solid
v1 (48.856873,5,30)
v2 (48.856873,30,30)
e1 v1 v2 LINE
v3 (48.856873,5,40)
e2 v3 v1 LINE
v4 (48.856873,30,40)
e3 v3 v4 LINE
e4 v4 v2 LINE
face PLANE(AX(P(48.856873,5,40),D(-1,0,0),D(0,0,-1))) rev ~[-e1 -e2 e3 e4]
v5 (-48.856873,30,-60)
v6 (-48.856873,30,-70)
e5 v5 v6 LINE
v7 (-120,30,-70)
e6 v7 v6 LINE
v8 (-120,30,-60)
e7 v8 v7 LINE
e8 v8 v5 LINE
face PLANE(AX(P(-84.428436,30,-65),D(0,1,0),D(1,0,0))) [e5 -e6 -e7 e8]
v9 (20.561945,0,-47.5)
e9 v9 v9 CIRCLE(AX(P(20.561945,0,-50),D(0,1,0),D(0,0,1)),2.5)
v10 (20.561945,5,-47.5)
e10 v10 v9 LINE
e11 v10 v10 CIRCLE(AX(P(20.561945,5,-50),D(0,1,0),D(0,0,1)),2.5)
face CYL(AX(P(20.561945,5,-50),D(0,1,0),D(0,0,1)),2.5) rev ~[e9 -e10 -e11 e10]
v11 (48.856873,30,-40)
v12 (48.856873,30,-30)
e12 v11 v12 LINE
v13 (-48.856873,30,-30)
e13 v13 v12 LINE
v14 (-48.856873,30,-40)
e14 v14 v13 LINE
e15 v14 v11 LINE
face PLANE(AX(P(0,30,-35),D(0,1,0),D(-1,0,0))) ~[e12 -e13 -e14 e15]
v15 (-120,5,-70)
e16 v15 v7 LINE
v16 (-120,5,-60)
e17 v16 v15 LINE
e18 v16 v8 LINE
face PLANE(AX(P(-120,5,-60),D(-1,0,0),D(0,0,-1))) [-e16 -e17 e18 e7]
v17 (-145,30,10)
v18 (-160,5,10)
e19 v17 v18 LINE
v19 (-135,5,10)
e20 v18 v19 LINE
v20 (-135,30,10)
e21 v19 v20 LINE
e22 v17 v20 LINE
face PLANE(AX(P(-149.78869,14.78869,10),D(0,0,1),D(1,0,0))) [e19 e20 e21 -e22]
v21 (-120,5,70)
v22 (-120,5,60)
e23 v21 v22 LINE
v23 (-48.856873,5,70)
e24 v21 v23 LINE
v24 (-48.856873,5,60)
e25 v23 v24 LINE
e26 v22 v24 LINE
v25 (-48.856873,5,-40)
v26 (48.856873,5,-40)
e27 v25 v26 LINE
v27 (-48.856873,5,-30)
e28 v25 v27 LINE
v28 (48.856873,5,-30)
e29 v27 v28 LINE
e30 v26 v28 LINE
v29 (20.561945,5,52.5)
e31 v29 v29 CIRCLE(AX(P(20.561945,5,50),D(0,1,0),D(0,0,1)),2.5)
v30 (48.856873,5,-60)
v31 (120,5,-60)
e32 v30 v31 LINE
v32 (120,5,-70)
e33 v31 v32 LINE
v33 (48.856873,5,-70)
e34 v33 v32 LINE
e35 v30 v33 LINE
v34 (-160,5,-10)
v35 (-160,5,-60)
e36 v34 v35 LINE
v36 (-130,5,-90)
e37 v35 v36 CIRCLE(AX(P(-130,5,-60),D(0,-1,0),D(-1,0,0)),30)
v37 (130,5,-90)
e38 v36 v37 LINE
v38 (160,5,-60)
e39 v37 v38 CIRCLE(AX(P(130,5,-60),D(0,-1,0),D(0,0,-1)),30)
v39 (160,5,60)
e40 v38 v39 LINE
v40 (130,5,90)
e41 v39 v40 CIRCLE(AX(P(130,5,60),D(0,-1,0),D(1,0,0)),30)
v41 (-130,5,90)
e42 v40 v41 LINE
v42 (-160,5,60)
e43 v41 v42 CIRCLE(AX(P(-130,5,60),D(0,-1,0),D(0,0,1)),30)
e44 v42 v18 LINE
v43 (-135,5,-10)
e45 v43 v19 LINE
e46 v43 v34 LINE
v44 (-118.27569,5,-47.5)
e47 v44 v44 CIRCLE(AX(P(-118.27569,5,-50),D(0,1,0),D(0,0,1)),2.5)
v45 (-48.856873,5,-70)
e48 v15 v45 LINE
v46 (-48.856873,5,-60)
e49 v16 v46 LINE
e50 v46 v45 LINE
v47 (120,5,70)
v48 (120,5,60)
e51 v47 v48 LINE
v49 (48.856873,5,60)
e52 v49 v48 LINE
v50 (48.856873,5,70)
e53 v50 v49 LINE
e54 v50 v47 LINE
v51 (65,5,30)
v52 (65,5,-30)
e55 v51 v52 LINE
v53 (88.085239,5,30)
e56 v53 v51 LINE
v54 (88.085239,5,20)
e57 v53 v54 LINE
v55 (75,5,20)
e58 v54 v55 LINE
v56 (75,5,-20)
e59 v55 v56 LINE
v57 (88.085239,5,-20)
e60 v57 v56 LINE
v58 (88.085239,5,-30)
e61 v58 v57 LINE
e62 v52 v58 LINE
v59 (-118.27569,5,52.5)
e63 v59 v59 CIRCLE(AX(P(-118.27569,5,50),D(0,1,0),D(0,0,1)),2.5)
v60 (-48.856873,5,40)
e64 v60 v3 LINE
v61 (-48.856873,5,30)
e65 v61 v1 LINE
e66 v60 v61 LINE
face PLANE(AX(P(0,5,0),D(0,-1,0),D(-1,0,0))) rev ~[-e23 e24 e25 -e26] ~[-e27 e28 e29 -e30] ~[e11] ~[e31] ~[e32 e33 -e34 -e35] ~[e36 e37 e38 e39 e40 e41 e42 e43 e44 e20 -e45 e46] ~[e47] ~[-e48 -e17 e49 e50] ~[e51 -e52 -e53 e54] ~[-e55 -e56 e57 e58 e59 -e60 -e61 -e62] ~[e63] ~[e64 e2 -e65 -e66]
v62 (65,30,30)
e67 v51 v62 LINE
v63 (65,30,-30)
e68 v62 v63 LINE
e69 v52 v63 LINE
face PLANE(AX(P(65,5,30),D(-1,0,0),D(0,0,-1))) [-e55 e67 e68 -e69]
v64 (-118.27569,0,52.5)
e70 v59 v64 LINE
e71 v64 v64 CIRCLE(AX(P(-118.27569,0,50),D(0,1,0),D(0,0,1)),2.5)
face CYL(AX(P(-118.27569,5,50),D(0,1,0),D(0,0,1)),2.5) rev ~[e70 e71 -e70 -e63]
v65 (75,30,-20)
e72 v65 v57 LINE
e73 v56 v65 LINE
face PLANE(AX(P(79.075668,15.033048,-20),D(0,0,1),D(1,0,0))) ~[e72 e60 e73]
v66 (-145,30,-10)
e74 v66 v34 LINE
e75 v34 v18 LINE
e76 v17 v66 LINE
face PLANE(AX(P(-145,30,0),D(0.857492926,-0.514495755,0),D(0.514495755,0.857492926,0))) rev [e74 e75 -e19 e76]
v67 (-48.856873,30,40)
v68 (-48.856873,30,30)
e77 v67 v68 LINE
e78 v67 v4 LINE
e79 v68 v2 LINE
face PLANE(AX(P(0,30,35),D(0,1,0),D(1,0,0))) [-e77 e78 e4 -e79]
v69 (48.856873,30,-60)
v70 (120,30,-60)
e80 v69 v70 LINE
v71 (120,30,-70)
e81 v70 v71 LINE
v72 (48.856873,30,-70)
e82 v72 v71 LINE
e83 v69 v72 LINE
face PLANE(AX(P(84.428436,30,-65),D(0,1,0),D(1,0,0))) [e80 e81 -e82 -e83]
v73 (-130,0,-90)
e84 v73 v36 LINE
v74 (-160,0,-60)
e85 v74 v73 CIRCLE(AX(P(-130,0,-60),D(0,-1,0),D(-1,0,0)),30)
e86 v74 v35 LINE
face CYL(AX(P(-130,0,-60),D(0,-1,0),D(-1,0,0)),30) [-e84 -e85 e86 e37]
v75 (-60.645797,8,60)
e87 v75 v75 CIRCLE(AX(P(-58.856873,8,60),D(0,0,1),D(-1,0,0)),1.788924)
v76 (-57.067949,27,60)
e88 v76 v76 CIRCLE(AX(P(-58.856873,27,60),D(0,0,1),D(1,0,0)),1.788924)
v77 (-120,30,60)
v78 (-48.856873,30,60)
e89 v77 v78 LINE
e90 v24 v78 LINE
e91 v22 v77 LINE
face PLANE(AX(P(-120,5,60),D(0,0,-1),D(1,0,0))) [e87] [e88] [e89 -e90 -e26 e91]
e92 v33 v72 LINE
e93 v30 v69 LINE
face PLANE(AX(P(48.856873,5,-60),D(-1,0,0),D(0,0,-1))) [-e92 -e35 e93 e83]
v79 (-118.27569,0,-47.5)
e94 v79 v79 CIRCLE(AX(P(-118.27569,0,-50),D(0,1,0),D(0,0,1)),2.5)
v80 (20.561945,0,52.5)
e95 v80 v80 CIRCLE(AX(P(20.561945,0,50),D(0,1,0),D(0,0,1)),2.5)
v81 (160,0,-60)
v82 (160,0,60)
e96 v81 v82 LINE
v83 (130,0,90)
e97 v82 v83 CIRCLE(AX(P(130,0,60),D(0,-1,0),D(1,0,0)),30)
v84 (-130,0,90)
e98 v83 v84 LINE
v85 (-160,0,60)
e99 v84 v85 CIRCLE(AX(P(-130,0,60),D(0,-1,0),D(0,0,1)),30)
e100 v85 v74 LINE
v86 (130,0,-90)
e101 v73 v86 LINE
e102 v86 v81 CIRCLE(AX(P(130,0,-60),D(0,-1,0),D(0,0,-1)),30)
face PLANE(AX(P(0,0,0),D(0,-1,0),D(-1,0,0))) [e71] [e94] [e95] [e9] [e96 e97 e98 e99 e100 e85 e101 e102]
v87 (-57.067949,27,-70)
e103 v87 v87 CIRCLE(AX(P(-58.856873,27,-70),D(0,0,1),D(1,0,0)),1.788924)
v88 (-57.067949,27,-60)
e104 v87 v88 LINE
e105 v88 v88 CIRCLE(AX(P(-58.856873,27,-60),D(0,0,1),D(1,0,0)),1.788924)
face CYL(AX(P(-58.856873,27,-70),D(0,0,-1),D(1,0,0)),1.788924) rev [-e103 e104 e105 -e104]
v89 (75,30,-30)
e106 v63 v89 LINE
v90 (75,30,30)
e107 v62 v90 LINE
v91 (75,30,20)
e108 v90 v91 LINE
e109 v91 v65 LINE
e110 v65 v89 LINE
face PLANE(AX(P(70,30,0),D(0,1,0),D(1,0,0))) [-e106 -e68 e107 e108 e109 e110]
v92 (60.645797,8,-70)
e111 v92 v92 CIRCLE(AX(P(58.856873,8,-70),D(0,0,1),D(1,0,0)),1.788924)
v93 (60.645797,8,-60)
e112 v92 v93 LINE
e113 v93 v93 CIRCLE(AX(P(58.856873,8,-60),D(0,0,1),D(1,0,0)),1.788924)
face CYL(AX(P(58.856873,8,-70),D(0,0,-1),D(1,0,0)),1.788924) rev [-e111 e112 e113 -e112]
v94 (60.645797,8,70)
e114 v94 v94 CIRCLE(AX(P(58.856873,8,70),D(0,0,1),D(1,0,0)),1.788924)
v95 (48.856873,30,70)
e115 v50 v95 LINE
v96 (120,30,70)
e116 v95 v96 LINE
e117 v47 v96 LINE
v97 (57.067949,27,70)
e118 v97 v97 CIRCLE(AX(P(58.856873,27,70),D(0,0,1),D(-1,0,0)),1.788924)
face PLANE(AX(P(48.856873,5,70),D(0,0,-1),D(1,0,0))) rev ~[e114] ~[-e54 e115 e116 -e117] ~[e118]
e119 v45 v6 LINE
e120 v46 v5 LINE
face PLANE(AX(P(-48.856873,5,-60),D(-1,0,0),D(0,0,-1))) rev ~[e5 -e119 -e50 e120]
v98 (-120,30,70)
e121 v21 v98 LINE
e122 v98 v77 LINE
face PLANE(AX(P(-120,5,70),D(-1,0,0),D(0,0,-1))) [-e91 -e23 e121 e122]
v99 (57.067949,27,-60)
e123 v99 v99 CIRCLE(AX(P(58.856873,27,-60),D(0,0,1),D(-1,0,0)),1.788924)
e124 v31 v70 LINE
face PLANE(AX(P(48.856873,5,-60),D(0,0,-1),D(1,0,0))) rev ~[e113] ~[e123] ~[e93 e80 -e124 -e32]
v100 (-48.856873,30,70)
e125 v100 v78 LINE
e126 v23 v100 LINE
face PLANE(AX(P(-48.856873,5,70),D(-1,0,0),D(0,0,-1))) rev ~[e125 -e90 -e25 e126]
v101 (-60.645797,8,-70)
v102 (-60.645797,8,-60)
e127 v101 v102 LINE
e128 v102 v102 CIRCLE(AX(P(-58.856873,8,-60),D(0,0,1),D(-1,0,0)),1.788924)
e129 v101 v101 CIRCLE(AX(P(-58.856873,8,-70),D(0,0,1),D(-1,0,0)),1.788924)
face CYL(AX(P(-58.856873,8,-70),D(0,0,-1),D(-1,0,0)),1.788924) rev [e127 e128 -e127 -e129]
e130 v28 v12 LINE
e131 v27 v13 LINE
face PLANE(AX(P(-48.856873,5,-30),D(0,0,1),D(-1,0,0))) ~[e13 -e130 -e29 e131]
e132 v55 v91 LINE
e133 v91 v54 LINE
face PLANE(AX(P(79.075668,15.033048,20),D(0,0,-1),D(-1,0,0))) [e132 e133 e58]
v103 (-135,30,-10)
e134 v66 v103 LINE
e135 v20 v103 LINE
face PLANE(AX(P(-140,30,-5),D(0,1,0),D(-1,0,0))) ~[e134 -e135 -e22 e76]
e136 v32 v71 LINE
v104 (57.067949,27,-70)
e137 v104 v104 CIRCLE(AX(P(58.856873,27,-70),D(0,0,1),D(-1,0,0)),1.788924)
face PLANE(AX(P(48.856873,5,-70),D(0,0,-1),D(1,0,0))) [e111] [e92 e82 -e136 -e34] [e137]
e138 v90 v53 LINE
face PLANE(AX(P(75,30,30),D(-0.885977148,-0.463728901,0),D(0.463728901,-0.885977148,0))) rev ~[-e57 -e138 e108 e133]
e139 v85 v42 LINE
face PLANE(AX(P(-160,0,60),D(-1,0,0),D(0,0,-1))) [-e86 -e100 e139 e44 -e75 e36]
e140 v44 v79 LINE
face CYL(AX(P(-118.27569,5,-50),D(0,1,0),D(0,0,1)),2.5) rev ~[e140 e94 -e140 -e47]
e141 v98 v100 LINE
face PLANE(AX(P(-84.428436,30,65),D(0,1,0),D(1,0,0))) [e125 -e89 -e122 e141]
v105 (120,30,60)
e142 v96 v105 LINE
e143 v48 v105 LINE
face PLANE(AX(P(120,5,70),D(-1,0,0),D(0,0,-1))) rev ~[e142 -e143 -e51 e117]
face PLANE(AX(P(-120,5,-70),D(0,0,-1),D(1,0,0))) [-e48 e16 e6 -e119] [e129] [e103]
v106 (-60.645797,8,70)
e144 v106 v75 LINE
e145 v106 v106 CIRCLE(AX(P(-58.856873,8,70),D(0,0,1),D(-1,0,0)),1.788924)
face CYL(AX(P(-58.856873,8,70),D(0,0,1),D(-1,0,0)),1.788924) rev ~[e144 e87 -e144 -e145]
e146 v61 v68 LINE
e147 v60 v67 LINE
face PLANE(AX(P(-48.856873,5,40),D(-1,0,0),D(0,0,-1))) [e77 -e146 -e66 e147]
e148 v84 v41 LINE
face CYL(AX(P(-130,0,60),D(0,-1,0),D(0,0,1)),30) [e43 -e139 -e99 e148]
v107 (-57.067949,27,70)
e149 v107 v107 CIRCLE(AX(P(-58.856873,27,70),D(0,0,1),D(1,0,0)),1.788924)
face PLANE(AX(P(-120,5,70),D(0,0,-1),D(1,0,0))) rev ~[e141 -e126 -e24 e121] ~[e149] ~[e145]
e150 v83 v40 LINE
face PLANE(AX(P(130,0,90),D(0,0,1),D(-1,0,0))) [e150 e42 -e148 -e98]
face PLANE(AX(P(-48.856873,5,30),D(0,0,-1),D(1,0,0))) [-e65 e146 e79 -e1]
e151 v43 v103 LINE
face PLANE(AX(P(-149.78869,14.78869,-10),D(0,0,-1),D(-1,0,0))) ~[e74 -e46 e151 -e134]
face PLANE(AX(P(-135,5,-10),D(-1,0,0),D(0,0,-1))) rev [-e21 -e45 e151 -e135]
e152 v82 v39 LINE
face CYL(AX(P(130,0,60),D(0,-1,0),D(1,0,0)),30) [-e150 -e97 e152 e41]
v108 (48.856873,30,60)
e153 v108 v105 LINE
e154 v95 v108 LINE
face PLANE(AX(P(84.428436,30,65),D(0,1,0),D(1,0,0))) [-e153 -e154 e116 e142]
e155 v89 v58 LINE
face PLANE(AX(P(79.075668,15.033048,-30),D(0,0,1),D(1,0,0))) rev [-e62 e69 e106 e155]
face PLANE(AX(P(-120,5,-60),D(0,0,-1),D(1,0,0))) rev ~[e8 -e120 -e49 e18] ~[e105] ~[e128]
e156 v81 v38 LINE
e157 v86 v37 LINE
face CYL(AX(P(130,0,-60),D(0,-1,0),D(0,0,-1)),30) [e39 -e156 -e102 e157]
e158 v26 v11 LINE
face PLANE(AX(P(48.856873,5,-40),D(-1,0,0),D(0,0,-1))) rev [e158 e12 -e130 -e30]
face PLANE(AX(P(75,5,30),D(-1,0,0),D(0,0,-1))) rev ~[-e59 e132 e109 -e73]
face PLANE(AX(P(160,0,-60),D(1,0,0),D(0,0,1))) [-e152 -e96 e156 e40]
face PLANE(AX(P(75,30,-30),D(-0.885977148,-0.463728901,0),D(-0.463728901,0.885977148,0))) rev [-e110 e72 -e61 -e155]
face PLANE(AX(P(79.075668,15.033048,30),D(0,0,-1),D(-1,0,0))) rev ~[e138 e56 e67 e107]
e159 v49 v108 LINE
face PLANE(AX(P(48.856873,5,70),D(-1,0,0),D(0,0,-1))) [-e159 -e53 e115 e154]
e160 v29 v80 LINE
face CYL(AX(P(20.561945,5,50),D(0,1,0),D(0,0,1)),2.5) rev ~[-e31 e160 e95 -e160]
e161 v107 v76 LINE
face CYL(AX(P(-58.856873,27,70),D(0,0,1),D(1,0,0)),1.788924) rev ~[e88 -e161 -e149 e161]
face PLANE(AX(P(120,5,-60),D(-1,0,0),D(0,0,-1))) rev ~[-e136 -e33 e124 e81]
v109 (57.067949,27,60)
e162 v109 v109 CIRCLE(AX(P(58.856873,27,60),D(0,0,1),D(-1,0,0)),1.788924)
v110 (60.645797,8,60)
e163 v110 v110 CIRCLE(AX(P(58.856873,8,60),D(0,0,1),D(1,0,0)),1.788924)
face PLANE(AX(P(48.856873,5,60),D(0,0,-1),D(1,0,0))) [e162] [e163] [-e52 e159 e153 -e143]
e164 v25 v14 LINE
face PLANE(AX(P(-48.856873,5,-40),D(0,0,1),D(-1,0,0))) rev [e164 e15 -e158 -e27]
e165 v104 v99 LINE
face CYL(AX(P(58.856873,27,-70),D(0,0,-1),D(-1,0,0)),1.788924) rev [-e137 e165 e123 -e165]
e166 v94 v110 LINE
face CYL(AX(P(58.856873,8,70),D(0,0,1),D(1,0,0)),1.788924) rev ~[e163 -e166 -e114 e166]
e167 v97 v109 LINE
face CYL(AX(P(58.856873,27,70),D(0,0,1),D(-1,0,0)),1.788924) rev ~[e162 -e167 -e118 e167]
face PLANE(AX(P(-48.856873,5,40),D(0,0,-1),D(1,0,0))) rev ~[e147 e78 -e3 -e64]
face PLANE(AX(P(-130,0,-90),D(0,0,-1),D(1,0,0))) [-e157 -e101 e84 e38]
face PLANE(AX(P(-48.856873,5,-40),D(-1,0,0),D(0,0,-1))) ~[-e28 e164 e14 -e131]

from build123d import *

# Parameters (mm, degrees)
BOSS_EXTRUDE1_DEPTH = 5
SKETCH2_W           = 71.143127042
SKETCH2_H           = 10
BOSS_EXTRUDE3_DEPTH = 25
SKETCH3_W           = 10
SKETCH3_H           = 10
BOSS_EXTRUDE4_DEPTH = 25
BOSS_EXTRUDE5_DEPTH = 10
SKETCH6_W           = 10
SKETCH6_H           = 60
BOSS_EXTRUDE6_DEPTH = 25
BOSS_EXTRUDE7_DEPTH = 10
SKETCH9_W           = 97.713745916
SKETCH9_H           = 10
BOSS_EXTRUDE8_DEPTH = 25
SKETCH11_R          = 2.5
CUT_EXTRUDE1_DEPTH  = 5
SKETCH12_R          = 1.788924299
CUT_EXTRUDE2_DEPTH  = 10


with BuildPart() as part:
    # Sketch1 → Boss-Extrude1 (new body)
    with BuildSketch(Plane(origin=(0, 0, 0), x_dir=(1, 0, 0), z_dir=(0, 1, 0))):
        with BuildLine():
            Line((-130, 90), (130, 90))
            ThreePointArc((130, 90), (151.213203436, 81.213203436), (160, 60))
            Line((160, 60), (160, -60))
            ThreePointArc((160, -60), (151.213203436, -81.213203436), (130, -90))
            Line((130, -90), (-130, -90))
            ThreePointArc((-130, -90), (-151.213203436, -81.213203436), (-160, -60))
            Line((-160, -60), (-160, 60))
            ThreePointArc((-160, 60), (-151.213203436, 81.213203436), (-130, 90))
        make_face()
    extrude(amount=BOSS_EXTRUDE1_DEPTH)

    # Sketch2 → Boss-Extrude3 (add)
    with BuildSketch(Plane(origin=(0, 5, 0), x_dir=(1, 0, 0), z_dir=(0, 1, 0))):
        with Locations((-84.428436479, 65)):
            Rectangle(SKETCH2_W, SKETCH2_H)
        with Locations((84.428436479, 65)):
            Rectangle(SKETCH2_W, SKETCH2_H)
        with Locations((84.428436479, -65)):
            Rectangle(SKETCH2_W, SKETCH2_H)
        with Locations((-84.428436479, -65)):
            Rectangle(SKETCH2_W, SKETCH2_H)
    extrude(amount=BOSS_EXTRUDE3_DEPTH)

    # Sketch3 → Boss-Extrude4 (add)
    with BuildSketch(Plane(origin=(0, 5, 0), x_dir=(1, 0, 0), z_dir=(0, 1, 0))):
        with Locations((-140, -5)):
            Rectangle(SKETCH3_W, SKETCH3_H)
    boss_extrude4 = extrude(amount=BOSS_EXTRUDE4_DEPTH)

    # Sketch5 → Boss-Extrude5 (add)
    with BuildSketch(Plane(origin=(0, 0, 0), x_dir=(-1, 0, 0), z_dir=(0, 0, -1))):
        Polygon((145, 5), (145, 30), (160, 5), align=None)
    boss_extrude5 = extrude(amount=-BOSS_EXTRUDE5_DEPTH)

    # Sketch6 → Boss-Extrude6 (add)
    with BuildSketch(Plane(origin=(0, 5, 0), x_dir=(1, 0, 0), z_dir=(0, 1, 0))):
        with Locations((70, 0)):
            Rectangle(SKETCH6_W, SKETCH6_H)
    extrude(amount=BOSS_EXTRUDE6_DEPTH)

    # Sketch8 → Boss-Extrude7 (add)
    with BuildSketch(Plane.XY.offset(30)):
        Polygon((75, 30), (88.085238775, 5), (75, 5), align=None)
    boss_extrude7 = extrude(amount=-BOSS_EXTRUDE7_DEPTH)

    # Mirror1: Boss-Extrude7 across plane
    add(boss_extrude7.mirror(Plane(origin=(0, 0, 0), x_dir=(1, 0, 0), z_dir=(0, 0, -1))))

    # Mirror2: Boss-Extrude4, Boss-Extrude5 across plane
    add(boss_extrude4.mirror(Plane(origin=(-145, 30, 0), x_dir=(1, 0, 0), z_dir=(0, 0, 1))))
    add(boss_extrude5.mirror(Plane(origin=(-145, 30, 0), x_dir=(1, 0, 0), z_dir=(0, 0, 1))))

    # Sketch9 → Boss-Extrude8 (add)
    with BuildSketch(Plane(origin=(0, 5, 0), x_dir=(1, 0, 0), z_dir=(0, 1, 0))):
        with Locations((0, -35)):
            Rectangle(SKETCH9_W, SKETCH9_H)
    boss_extrude8 = extrude(amount=BOSS_EXTRUDE8_DEPTH)

    # Mirror3: Boss-Extrude8 across plane
    add(boss_extrude8.mirror(Plane(origin=(0, 0, 0), x_dir=(1, 0, 0), z_dir=(0, 0, -1))))

    # Sketch11 → Cut-Extrude1 (cut)
    with BuildSketch(Plane(origin=(0, 5, 0), x_dir=(1, 0, 0), z_dir=(0, 1, 0))):
        with Locations(Location((-118.275690488, 50, 0), (0, 0, 270))):
            Circle(SKETCH11_R)
        with Locations(Location((-118.275690488, -50, 0), (0, 0, 270))):
            Circle(SKETCH11_R)
        with Locations(Location((20.561944572, -50, 0), (0, 0, 270))):
            Circle(SKETCH11_R)
        with Locations(Location((20.561944572, 50, 0), (0, 0, 270))):
            Circle(SKETCH11_R)
    extrude(amount=-CUT_EXTRUDE1_DEPTH, mode=Mode.SUBTRACT)

    # Sketch12 → Cut-Extrude2 (cut)
    with BuildSketch(Plane.XY.offset(70)):
        with Locations((-58.856872958, 27)):
            Circle(SKETCH12_R)
        with Locations(Location((-58.856872958, 8, 0), (0, 0, 180))):
            Circle(SKETCH12_R)
        with Locations((58.856872958, 8)):
            Circle(SKETCH12_R)
        with Locations(Location((58.856872958, 27, 0), (0, 0, 180))):
            Circle(SKETCH12_R)
    cut_extrude2 = extrude(amount=-CUT_EXTRUDE2_DEPTH, mode=Mode.SUBTRACT)

    # Mirror4: Cut-Extrude2 across plane
    add(cut_extrude2.mirror(Plane.XY), mode=Mode.SUBTRACT)


solid = part.part
